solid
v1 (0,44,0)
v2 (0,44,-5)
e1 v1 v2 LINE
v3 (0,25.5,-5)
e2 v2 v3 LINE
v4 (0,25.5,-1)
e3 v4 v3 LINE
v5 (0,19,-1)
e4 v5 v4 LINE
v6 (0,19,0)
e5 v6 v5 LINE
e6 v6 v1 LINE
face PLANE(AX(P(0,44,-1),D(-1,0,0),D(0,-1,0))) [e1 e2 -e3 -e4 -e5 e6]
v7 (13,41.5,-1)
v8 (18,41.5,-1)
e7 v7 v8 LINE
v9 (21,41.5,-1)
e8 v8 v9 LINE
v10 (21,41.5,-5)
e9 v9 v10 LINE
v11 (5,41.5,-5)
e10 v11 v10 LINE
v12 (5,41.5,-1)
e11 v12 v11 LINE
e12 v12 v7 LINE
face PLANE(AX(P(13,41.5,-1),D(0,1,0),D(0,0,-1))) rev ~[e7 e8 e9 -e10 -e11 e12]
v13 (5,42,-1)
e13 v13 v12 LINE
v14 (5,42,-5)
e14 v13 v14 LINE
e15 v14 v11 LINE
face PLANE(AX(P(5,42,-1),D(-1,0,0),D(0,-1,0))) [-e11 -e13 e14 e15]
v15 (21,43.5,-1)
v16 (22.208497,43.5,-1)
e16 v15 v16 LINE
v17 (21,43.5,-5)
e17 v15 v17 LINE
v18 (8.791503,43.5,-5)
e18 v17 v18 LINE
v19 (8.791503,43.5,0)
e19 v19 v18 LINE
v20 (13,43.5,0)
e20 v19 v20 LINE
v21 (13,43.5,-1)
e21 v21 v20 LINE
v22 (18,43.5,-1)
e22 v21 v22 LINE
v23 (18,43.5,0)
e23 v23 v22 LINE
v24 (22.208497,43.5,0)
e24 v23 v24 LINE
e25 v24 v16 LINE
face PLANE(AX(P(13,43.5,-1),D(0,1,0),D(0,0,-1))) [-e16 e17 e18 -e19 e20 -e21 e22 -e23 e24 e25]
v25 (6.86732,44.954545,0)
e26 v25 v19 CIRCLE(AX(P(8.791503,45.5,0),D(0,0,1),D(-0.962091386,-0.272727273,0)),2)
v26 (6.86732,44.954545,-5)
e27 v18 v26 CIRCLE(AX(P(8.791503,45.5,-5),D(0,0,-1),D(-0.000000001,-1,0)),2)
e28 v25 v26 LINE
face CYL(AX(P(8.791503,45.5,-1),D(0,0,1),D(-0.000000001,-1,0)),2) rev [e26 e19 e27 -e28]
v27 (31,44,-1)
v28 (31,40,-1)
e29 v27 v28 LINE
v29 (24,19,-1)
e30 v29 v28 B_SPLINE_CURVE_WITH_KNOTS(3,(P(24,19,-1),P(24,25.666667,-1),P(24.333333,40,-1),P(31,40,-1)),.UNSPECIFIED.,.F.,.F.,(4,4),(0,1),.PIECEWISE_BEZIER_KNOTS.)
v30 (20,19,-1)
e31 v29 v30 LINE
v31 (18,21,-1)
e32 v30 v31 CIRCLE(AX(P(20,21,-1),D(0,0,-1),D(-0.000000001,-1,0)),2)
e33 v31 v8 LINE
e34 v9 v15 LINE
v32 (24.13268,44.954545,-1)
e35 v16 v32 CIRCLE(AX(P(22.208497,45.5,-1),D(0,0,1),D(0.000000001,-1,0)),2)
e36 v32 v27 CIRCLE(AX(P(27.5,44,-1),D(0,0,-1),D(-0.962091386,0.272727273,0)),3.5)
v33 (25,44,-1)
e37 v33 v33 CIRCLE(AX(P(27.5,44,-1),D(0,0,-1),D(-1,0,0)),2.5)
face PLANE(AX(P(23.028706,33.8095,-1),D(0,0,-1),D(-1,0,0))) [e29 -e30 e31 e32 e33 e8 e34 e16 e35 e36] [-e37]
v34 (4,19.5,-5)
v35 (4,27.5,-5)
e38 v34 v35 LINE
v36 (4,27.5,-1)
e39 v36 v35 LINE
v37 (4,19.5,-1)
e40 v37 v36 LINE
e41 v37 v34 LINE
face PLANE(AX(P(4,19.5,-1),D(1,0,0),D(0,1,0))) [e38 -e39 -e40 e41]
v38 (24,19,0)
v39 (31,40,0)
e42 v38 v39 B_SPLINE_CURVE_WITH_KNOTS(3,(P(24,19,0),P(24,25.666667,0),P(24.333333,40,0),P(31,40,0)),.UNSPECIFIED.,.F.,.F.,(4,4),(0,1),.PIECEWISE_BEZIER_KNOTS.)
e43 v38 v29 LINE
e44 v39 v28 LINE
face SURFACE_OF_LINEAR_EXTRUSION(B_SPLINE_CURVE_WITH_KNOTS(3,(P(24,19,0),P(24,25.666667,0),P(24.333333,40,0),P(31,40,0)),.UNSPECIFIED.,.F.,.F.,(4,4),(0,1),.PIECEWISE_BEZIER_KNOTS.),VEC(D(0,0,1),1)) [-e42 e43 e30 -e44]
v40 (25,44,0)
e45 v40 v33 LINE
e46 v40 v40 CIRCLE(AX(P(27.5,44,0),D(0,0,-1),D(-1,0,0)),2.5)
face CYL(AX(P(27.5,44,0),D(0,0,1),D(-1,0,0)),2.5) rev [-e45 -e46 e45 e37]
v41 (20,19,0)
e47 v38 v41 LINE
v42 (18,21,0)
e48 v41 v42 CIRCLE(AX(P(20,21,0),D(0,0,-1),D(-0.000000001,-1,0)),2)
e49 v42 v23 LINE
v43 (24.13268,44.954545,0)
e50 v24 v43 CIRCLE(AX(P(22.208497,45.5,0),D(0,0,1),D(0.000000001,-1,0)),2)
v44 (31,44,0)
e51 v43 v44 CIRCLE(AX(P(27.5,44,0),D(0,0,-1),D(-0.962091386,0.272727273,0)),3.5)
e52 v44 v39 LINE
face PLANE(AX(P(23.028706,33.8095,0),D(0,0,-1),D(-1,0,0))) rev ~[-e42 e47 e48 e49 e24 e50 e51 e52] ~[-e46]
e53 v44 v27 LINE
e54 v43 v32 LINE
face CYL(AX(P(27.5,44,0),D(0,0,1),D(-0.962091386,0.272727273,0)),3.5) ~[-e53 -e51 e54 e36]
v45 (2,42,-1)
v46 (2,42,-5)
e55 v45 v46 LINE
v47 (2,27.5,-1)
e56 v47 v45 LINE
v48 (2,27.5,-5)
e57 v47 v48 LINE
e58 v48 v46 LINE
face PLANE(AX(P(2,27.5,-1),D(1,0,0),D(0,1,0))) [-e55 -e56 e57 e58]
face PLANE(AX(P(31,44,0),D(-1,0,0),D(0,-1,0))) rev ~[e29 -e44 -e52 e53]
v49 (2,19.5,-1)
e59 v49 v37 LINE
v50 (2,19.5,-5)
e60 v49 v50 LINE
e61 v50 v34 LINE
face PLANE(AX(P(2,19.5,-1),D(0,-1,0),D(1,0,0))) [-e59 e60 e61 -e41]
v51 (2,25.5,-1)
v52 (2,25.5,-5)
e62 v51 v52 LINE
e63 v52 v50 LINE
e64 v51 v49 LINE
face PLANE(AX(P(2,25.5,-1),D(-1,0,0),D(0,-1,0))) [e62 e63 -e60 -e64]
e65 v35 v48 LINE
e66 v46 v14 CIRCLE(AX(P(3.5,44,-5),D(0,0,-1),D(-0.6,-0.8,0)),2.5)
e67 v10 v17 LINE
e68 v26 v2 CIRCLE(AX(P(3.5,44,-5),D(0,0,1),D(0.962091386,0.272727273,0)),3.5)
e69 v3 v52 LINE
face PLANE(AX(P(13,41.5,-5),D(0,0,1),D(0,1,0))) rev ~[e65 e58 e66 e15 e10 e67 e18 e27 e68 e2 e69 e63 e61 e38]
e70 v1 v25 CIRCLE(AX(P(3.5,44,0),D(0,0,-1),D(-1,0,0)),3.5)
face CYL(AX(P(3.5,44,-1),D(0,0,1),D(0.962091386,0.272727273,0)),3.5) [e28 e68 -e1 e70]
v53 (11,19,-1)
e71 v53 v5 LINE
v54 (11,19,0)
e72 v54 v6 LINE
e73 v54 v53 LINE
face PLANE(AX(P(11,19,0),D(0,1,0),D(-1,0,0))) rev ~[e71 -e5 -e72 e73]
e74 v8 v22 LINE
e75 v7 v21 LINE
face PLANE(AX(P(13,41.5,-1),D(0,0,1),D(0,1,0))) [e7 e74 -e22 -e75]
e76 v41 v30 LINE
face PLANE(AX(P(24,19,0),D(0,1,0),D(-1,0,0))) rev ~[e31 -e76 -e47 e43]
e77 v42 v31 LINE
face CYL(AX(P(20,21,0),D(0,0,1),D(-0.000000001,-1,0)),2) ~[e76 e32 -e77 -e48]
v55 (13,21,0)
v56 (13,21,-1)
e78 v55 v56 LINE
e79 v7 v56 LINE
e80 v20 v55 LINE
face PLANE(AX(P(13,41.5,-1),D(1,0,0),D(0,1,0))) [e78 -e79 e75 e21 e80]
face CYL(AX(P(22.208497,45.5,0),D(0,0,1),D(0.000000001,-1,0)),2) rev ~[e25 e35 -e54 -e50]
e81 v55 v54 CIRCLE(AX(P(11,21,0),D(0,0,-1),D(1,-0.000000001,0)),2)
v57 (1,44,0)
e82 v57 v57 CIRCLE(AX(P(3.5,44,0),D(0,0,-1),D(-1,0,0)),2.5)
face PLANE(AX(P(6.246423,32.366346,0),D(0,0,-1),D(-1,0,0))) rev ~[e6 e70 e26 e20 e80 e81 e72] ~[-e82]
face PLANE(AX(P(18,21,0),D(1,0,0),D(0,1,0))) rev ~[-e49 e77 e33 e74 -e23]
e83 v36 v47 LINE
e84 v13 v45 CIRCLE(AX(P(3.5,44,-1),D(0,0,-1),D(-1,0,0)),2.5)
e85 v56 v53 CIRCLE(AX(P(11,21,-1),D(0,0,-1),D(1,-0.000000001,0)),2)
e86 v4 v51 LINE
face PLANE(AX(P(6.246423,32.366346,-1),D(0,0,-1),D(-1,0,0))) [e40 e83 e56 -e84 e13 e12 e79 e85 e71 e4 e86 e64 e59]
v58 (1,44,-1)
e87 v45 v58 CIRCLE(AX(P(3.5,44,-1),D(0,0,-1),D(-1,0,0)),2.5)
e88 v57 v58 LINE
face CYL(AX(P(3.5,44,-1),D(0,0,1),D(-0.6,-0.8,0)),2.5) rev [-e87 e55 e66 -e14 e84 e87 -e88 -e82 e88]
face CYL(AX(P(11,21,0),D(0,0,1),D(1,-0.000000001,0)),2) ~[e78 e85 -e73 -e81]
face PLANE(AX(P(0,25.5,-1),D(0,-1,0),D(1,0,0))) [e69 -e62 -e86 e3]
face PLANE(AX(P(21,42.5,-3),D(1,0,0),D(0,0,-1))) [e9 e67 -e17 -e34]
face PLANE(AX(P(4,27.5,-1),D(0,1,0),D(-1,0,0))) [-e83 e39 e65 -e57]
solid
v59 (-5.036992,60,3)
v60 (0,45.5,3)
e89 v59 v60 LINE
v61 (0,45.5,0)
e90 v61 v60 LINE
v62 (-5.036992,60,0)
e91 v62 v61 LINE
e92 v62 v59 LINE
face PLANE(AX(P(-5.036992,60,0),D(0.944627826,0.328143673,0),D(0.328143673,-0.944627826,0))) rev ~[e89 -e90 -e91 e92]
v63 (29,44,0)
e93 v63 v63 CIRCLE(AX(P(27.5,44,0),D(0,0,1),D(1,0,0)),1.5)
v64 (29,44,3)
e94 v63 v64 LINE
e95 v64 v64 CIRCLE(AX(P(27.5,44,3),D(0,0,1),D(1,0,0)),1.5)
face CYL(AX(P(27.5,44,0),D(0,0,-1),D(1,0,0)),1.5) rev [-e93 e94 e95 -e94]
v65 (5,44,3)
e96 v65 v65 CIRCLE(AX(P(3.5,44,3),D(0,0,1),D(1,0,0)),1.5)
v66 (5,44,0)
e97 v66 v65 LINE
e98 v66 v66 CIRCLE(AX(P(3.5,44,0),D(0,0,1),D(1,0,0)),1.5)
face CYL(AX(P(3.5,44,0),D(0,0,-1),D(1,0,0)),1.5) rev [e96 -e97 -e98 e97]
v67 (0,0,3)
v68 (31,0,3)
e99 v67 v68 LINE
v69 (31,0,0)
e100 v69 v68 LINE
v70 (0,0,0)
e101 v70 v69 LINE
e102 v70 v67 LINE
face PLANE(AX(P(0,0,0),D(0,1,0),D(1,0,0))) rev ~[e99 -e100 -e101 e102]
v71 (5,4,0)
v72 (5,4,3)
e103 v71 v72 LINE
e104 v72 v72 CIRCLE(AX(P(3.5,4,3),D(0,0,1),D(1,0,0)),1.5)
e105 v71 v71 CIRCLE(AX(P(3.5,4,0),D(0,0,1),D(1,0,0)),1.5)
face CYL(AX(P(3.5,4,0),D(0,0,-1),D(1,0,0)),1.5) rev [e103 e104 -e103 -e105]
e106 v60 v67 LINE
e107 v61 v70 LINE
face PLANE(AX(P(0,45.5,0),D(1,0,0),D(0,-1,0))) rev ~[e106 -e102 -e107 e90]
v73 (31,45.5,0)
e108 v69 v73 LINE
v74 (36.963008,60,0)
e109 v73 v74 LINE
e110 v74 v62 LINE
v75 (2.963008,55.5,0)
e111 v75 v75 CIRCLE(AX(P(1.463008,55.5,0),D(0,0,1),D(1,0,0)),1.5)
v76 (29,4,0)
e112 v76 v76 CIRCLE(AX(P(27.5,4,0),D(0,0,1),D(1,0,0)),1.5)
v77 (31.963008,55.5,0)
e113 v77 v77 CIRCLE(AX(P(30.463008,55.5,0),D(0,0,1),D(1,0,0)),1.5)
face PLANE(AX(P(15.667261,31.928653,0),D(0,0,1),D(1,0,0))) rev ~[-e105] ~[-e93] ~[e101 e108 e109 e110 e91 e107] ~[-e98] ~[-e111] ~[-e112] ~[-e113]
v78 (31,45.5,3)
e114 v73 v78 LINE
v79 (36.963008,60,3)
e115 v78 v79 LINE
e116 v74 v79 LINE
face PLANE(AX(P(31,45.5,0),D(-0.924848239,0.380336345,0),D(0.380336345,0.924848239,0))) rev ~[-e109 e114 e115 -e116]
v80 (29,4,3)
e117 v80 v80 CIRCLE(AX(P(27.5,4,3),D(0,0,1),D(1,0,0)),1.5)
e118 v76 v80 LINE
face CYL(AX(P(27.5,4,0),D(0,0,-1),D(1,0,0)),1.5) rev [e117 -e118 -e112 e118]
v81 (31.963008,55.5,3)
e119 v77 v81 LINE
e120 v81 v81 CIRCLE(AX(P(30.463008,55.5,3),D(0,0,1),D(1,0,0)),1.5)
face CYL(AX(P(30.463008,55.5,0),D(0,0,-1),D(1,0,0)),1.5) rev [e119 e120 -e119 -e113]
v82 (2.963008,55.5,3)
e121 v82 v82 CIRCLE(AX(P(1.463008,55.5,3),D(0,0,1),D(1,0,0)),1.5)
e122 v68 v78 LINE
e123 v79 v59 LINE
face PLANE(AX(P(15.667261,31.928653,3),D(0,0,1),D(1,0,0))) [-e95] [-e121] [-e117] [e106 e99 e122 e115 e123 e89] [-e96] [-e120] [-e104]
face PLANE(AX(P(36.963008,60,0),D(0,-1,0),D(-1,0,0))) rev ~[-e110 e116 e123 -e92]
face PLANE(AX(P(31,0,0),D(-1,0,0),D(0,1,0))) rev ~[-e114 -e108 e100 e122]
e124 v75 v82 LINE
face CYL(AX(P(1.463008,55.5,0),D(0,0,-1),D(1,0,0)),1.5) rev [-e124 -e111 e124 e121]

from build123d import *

# Parameters (mm, degrees)
SKETCH1_R             = 1.5
BOSS_EXTRUDE1_DEPTH   = 3
SKETCH2_R             = 2.5
BOSS_EXTRUDE2_DEPTH   = 1
BOSS_EXTRUDE2_2_DEPTH = 1
BOSS_EXTRUDE3_DEPTH   = 4
SKETCH4_W             = 4
SKETCH4_H             = 2
BOSS_EXTRUDE4_DEPTH   = 8


with BuildPart() as part:
    # Sketch1 → Boss-Extrude1 (new body)
    with BuildSketch(Plane.XY):
        Polygon((0, 0), (31, 0), (31, 45.5), (36.963007518, 60), (-5.036992482, 60), (0, 45.5), align=None)
        with Locations((30.463007518, 55.5)):
            Circle(SKETCH1_R, mode=Mode.SUBTRACT)
        with Locations((27.5, 44)):
            Circle(SKETCH1_R, mode=Mode.SUBTRACT)
        with Locations((27.5, 4)):
            Circle(SKETCH1_R, mode=Mode.SUBTRACT)
        with Locations((3.5, 4)):
            Circle(SKETCH1_R, mode=Mode.SUBTRACT)
        with Locations((3.5, 44)):
            Circle(SKETCH1_R, mode=Mode.SUBTRACT)
        with Locations((1.463007518, 55.5)):
            Circle(SKETCH1_R, mode=Mode.SUBTRACT)
    extrude(amount=BOSS_EXTRUDE1_DEPTH)


with BuildPart() as body_2:
    # Sketch2 → Boss-Extrude2 (new body)
    with BuildSketch(Plane(origin=(0, 0, 0), x_dir=(-1, 0, 0), z_dir=(0, 0, -1))):
        with BuildLine():
            Line((0, 19), (0, 44))
            ThreePointArc((0, 44), (-3.018138753, 47.466671276), (-6.86731985, 44.954545455))
            ThreePointArc((-6.86731985, 44.954545455), (-7.585457244, 43.90455193), (-8.791502622, 43.5))
            Line((-8.791502622, 43.5), (-13, 43.5))
            Line((-13, 43.5), (-13, 21))
            ThreePointArc((-13, 21), (-12.414213562, 19.585786438), (-11, 19))
            Line((-11, 19), (0, 19))
        make_face()
        with Locations((-3.5, 44)):
            Circle(SKETCH2_R, mode=Mode.SUBTRACT)
    extrude(amount=BOSS_EXTRUDE2_DEPTH)

    # Sketch3 → Boss-Extrude3 (add)
    with BuildSketch(Plane(origin=(0, 0, -1), x_dir=(-1, 0, 0), z_dir=(0, 0, -1))):
        with BuildLine():
            Line((0, 44), (0, 25.5))
            Line((0, 25.5), (-2, 25.5))
            Line((-2, 25.5), (-2, 19.5))
            Line((-2, 19.5), (-4, 19.5))
            Line((-4, 19.5), (-4, 27.5))
            Line((-4, 27.5), (-2, 27.5))
            Line((-2, 27.5), (-2, 42))
            ThreePointArc((-2, 42), (-3.5, 46.5), (-5, 42))
            Line((-5, 42), (-5, 41.5))
            Line((-5, 41.5), (-13, 41.5))
            Line((-13, 41.5), (-13, 43.5))
            Line((-13, 43.5), (-8.791502622, 43.5))
            ThreePointArc((-8.791502622, 43.5), (-7.585457244, 43.90455193), (-6.86731985, 44.954545455))
            ThreePointArc((-6.86731985, 44.954545455), (-3.018138753, 47.466671276), (0, 44))
        make_face()
    extrude(amount=BOSS_EXTRUDE3_DEPTH)



with BuildPart() as body_3:
    # Sketch2 → Boss-Extrude2 2 (new body)
    with BuildSketch(Plane(origin=(0, 0, 0), x_dir=(-1, 0, 0), z_dir=(0, 0, -1))):
        with BuildLine():
            Line((-18, 21), (-18, 43.5))
            Line((-18, 43.5), (-22.208497378, 43.5))
            ThreePointArc((-22.208497378, 43.5), (-23.414542756, 43.90455193), (-24.13268015, 44.954545455))
            ThreePointArc((-24.13268015, 44.954545455), (-27.981861247, 47.466671276), (-31, 44))
            Line((-31, 44), (-31, 40))
            add(Edge.make_bspline(
                [(-24, 19), (-24, 25.666666667), (-24.333333333, 40), (-31, 40)],
                knots=[0, 0, 0, 0, 1, 1, 1, 1], degree=3))
            Line((-24, 19), (-20, 19))
            ThreePointArc((-20, 19), (-18.585786438, 19.585786438), (-18, 21))
        make_face()
        with Locations((-27.5, 44)):
            Circle(SKETCH2_R, mode=Mode.SUBTRACT)
    extrude(amount=BOSS_EXTRUDE2_2_DEPTH)


with BuildPart() as body_2_1:
    add(body_2.part)

    add(body_3.part)  # Boss-Extrude4 merges body 3
    # Sketch4 → Boss-Extrude4 (add)
    with BuildSketch(Plane(origin=(13, 0, 0), x_dir=(0, 0, -1), z_dir=(1, 0, 0))):
        with Locations((3, 42.5)):
            Rectangle(SKETCH4_W, SKETCH4_H)
    extrude(amount=BOSS_EXTRUDE4_DEPTH)


solid = Compound([part.part, body_2_1.part])
